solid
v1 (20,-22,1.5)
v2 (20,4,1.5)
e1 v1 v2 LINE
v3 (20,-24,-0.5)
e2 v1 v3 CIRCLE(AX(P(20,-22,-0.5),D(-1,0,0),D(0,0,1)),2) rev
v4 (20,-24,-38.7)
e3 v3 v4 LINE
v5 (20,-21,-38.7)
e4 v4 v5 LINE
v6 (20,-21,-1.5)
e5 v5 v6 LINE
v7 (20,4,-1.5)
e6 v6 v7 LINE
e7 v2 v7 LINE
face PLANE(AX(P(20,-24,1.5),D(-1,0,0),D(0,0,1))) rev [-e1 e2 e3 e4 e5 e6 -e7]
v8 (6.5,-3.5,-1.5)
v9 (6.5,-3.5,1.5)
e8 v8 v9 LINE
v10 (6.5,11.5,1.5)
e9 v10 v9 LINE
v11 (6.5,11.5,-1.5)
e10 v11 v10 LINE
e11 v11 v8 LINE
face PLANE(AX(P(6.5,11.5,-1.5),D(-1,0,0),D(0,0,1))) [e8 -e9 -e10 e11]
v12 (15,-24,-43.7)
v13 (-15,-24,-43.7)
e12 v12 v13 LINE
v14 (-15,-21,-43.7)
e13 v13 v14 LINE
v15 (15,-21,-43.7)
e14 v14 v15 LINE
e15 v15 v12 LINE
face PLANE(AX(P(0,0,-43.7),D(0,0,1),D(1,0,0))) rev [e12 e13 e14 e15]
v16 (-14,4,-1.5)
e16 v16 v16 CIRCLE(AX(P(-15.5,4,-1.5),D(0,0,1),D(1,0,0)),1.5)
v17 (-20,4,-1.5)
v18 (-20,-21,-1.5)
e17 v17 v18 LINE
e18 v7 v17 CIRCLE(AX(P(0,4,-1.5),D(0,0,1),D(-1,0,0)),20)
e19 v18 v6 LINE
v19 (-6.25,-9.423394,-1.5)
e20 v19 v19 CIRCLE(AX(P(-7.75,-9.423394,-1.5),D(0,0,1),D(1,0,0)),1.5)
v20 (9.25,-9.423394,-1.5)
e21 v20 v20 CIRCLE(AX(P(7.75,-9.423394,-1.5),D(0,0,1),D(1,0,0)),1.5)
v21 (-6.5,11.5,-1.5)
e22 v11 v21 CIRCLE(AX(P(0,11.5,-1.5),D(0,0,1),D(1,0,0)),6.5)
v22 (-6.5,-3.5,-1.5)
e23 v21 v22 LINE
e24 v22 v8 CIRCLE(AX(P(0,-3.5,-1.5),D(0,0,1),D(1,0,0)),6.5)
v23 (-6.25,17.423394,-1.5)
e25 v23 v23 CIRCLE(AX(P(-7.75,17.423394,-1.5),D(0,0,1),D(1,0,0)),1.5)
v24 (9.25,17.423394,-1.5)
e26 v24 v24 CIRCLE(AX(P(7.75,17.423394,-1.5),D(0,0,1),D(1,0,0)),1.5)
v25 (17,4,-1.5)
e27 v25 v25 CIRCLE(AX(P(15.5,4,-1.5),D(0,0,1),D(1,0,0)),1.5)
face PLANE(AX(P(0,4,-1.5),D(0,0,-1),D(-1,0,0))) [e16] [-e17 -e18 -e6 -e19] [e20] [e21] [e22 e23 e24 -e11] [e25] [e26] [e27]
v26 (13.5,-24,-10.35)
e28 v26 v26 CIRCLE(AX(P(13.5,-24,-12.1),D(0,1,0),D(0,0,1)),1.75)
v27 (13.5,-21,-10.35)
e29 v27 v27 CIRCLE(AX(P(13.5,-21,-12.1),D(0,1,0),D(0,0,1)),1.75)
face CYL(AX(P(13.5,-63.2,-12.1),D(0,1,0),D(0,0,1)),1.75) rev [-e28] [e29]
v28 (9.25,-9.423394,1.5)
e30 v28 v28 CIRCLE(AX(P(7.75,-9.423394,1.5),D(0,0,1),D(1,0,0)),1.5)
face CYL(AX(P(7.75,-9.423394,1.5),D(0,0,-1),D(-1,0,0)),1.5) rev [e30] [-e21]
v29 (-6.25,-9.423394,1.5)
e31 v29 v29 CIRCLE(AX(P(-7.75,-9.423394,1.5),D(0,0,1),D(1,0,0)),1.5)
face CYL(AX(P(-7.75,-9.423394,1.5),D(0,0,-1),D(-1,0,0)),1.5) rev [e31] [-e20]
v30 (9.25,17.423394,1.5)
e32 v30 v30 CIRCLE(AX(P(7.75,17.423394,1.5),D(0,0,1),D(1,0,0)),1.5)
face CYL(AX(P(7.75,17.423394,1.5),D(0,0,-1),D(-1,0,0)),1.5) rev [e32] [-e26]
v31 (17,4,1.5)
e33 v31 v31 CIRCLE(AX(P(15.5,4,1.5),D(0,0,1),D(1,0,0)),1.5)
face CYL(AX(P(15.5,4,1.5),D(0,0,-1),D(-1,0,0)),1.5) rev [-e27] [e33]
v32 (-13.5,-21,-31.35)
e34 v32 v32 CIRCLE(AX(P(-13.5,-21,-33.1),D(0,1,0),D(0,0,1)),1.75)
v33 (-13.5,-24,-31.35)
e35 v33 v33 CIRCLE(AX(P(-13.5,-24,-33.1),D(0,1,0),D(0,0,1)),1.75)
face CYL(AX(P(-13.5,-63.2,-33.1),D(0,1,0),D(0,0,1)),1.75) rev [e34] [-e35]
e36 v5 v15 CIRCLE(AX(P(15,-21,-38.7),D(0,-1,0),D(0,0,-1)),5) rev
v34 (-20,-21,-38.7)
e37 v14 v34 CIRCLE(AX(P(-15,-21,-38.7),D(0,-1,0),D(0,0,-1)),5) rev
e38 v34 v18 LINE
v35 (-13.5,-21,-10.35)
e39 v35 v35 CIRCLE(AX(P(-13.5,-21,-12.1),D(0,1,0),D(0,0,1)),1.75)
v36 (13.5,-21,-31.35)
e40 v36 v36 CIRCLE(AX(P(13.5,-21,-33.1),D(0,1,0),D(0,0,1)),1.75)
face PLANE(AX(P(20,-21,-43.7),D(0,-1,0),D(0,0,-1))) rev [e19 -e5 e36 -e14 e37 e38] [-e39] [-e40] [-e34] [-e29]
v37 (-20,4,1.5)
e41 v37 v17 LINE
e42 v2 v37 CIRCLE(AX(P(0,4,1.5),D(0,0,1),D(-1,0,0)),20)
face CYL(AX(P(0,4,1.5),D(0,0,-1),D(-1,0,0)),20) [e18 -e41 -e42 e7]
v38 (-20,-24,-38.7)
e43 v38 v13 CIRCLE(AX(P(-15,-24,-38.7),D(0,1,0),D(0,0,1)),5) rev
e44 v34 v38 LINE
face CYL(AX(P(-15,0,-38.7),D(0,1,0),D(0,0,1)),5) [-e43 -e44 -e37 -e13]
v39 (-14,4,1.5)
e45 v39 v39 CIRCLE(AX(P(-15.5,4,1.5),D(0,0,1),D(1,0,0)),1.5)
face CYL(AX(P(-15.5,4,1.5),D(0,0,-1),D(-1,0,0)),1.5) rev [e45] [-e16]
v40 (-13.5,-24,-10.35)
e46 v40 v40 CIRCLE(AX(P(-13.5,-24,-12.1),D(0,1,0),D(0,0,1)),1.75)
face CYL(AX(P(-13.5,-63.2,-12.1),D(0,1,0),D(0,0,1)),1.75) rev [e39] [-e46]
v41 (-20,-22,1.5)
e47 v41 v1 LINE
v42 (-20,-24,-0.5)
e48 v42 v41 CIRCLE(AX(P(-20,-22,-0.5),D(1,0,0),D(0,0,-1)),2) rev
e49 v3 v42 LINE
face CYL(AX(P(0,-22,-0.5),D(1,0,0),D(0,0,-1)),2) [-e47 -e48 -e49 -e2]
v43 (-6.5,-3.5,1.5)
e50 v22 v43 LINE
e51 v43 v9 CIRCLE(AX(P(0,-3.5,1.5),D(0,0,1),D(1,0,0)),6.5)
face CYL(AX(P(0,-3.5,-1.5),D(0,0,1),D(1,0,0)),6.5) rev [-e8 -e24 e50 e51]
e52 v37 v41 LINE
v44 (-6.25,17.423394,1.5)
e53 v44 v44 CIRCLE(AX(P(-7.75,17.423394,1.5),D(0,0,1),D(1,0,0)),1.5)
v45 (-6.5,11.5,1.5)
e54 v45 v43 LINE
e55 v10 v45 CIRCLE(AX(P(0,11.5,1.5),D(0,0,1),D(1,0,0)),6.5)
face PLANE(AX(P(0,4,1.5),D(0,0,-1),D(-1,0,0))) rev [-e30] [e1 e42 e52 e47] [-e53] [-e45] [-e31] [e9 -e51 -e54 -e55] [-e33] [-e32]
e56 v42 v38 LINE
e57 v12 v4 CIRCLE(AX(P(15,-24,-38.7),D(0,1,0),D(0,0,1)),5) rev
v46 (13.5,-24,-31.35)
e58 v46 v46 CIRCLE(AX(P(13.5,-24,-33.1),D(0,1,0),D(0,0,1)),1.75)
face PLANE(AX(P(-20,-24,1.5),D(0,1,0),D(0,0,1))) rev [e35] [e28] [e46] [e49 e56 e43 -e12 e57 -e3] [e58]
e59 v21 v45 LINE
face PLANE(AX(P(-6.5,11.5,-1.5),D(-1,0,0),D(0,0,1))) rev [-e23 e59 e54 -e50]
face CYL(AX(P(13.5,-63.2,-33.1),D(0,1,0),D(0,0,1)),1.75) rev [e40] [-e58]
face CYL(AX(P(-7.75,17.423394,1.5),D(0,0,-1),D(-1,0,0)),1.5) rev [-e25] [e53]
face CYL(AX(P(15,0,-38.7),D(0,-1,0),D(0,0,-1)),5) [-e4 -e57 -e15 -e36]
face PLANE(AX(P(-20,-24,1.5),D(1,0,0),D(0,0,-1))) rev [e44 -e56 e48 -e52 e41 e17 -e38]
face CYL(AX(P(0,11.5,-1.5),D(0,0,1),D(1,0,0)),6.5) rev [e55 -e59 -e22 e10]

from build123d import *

# Parameters (mm, degrees)
CROQUIS1_R              = 1.5
SALIENTE_EXTRUIR1_DEPTH = 1.5
CORTAR_EXTRUIR3_DEPTH   = 3
CROQUIS3_W              = 40
CROQUIS3_H              = 3
SALIENTE_EXTRUIR2_DEPTH = 42.2
CROQUIS4_R              = 1.75
CORTAR_EXTRUIR5_DEPTH   = 42.2
REDONDEO1_R             = 2
REDONDEO2_R             = 5


with BuildPart() as part:
    # Croquis1 → Saliente-Extruir1 (new, symmetric)
    with BuildSketch(Plane.XY):
        with BuildLine():
            Line((-20, -24), (20, -24))
            Line((20, -24), (20, 4))
            ThreePointArc((20, 4), (0, 24), (-20, 4))
            Line((-20, 4), (-20, -24))
        make_face()
        with Locations((-15.5, 4)):
            Circle(CROQUIS1_R, mode=Mode.SUBTRACT)
        with Locations((-7.75, 17.423393759)):
            Circle(CROQUIS1_R, mode=Mode.SUBTRACT)
        with Locations((7.75, 17.423393759)):
            Circle(CROQUIS1_R, mode=Mode.SUBTRACT)
        with Locations((15.5, 4)):
            Circle(CROQUIS1_R, mode=Mode.SUBTRACT)
        with Locations((7.75, -9.423393759)):
            Circle(CROQUIS1_R, mode=Mode.SUBTRACT)
        with Locations((-7.75, -9.423393759)):
            Circle(CROQUIS1_R, mode=Mode.SUBTRACT)
    extrude(amount=SALIENTE_EXTRUIR1_DEPTH, both=True)

    # Croquis2 → Cortar-Extruir3 (cut)
    with BuildSketch(Plane.XY.offset(1.5)):
        with BuildLine():
            Line((6.5, 11.5), (6.5, -3.5))
            ThreePointArc((6.5, -3.5), (0, -10), (-6.5, -3.5))
            Line((-6.5, -3.5), (-6.5, 11.5))
            ThreePointArc((-6.5, 11.5), (0, 18), (6.5, 11.5))
        make_face()
    extrude(amount=-CORTAR_EXTRUIR3_DEPTH, mode=Mode.SUBTRACT)

    # Croquis3 → Saliente-Extruir2 (add)
    with BuildSketch(Plane(origin=(0, 0, -1.5), x_dir=(-1, 0, 0), z_dir=(0, 0, -1))):
        with Locations((0, -22.5)):
            Rectangle(CROQUIS3_W, CROQUIS3_H)
    extrude(amount=SALIENTE_EXTRUIR2_DEPTH)

    # Croquis4 → Cortar-Extruir5 (cut)
    with BuildSketch(Plane(origin=(0, -21, 0), x_dir=(1, 0, 0), z_dir=(0, 1, 0))):
        with Locations(Location((-13.5, 33.1, 0), (0, 0, 270))):
            Circle(CROQUIS4_R)
        with Locations(Location((13.5, 33.1, 0), (0, 0, 270))):
            Circle(CROQUIS4_R)
        with Locations(Location((13.5, 12.1, 0), (0, 0, 270))):
            Circle(CROQUIS4_R)
        with Locations(Location((-13.5, 12.1, 0), (0, 0, 270))):
            Circle(CROQUIS4_R)
    extrude(amount=-CORTAR_EXTRUIR5_DEPTH, mode=Mode.SUBTRACT)

    # Redondeo1
    redondeo1_edges = [part.edges().sort_by_distance(p)[0] for p in [
        (0, -24, 1.5),
    ]]
    fillet(redondeo1_edges, radius=REDONDEO1_R)

    # Redondeo2
    redondeo2_edges = [part.edges().sort_by_distance(p)[0] for p in [
        (20, -22.5, -43.7),
        (-20, -22.5, -43.7),
    ]]
    fillet(redondeo2_edges, radius=REDONDEO2_R)


solid = part.part
